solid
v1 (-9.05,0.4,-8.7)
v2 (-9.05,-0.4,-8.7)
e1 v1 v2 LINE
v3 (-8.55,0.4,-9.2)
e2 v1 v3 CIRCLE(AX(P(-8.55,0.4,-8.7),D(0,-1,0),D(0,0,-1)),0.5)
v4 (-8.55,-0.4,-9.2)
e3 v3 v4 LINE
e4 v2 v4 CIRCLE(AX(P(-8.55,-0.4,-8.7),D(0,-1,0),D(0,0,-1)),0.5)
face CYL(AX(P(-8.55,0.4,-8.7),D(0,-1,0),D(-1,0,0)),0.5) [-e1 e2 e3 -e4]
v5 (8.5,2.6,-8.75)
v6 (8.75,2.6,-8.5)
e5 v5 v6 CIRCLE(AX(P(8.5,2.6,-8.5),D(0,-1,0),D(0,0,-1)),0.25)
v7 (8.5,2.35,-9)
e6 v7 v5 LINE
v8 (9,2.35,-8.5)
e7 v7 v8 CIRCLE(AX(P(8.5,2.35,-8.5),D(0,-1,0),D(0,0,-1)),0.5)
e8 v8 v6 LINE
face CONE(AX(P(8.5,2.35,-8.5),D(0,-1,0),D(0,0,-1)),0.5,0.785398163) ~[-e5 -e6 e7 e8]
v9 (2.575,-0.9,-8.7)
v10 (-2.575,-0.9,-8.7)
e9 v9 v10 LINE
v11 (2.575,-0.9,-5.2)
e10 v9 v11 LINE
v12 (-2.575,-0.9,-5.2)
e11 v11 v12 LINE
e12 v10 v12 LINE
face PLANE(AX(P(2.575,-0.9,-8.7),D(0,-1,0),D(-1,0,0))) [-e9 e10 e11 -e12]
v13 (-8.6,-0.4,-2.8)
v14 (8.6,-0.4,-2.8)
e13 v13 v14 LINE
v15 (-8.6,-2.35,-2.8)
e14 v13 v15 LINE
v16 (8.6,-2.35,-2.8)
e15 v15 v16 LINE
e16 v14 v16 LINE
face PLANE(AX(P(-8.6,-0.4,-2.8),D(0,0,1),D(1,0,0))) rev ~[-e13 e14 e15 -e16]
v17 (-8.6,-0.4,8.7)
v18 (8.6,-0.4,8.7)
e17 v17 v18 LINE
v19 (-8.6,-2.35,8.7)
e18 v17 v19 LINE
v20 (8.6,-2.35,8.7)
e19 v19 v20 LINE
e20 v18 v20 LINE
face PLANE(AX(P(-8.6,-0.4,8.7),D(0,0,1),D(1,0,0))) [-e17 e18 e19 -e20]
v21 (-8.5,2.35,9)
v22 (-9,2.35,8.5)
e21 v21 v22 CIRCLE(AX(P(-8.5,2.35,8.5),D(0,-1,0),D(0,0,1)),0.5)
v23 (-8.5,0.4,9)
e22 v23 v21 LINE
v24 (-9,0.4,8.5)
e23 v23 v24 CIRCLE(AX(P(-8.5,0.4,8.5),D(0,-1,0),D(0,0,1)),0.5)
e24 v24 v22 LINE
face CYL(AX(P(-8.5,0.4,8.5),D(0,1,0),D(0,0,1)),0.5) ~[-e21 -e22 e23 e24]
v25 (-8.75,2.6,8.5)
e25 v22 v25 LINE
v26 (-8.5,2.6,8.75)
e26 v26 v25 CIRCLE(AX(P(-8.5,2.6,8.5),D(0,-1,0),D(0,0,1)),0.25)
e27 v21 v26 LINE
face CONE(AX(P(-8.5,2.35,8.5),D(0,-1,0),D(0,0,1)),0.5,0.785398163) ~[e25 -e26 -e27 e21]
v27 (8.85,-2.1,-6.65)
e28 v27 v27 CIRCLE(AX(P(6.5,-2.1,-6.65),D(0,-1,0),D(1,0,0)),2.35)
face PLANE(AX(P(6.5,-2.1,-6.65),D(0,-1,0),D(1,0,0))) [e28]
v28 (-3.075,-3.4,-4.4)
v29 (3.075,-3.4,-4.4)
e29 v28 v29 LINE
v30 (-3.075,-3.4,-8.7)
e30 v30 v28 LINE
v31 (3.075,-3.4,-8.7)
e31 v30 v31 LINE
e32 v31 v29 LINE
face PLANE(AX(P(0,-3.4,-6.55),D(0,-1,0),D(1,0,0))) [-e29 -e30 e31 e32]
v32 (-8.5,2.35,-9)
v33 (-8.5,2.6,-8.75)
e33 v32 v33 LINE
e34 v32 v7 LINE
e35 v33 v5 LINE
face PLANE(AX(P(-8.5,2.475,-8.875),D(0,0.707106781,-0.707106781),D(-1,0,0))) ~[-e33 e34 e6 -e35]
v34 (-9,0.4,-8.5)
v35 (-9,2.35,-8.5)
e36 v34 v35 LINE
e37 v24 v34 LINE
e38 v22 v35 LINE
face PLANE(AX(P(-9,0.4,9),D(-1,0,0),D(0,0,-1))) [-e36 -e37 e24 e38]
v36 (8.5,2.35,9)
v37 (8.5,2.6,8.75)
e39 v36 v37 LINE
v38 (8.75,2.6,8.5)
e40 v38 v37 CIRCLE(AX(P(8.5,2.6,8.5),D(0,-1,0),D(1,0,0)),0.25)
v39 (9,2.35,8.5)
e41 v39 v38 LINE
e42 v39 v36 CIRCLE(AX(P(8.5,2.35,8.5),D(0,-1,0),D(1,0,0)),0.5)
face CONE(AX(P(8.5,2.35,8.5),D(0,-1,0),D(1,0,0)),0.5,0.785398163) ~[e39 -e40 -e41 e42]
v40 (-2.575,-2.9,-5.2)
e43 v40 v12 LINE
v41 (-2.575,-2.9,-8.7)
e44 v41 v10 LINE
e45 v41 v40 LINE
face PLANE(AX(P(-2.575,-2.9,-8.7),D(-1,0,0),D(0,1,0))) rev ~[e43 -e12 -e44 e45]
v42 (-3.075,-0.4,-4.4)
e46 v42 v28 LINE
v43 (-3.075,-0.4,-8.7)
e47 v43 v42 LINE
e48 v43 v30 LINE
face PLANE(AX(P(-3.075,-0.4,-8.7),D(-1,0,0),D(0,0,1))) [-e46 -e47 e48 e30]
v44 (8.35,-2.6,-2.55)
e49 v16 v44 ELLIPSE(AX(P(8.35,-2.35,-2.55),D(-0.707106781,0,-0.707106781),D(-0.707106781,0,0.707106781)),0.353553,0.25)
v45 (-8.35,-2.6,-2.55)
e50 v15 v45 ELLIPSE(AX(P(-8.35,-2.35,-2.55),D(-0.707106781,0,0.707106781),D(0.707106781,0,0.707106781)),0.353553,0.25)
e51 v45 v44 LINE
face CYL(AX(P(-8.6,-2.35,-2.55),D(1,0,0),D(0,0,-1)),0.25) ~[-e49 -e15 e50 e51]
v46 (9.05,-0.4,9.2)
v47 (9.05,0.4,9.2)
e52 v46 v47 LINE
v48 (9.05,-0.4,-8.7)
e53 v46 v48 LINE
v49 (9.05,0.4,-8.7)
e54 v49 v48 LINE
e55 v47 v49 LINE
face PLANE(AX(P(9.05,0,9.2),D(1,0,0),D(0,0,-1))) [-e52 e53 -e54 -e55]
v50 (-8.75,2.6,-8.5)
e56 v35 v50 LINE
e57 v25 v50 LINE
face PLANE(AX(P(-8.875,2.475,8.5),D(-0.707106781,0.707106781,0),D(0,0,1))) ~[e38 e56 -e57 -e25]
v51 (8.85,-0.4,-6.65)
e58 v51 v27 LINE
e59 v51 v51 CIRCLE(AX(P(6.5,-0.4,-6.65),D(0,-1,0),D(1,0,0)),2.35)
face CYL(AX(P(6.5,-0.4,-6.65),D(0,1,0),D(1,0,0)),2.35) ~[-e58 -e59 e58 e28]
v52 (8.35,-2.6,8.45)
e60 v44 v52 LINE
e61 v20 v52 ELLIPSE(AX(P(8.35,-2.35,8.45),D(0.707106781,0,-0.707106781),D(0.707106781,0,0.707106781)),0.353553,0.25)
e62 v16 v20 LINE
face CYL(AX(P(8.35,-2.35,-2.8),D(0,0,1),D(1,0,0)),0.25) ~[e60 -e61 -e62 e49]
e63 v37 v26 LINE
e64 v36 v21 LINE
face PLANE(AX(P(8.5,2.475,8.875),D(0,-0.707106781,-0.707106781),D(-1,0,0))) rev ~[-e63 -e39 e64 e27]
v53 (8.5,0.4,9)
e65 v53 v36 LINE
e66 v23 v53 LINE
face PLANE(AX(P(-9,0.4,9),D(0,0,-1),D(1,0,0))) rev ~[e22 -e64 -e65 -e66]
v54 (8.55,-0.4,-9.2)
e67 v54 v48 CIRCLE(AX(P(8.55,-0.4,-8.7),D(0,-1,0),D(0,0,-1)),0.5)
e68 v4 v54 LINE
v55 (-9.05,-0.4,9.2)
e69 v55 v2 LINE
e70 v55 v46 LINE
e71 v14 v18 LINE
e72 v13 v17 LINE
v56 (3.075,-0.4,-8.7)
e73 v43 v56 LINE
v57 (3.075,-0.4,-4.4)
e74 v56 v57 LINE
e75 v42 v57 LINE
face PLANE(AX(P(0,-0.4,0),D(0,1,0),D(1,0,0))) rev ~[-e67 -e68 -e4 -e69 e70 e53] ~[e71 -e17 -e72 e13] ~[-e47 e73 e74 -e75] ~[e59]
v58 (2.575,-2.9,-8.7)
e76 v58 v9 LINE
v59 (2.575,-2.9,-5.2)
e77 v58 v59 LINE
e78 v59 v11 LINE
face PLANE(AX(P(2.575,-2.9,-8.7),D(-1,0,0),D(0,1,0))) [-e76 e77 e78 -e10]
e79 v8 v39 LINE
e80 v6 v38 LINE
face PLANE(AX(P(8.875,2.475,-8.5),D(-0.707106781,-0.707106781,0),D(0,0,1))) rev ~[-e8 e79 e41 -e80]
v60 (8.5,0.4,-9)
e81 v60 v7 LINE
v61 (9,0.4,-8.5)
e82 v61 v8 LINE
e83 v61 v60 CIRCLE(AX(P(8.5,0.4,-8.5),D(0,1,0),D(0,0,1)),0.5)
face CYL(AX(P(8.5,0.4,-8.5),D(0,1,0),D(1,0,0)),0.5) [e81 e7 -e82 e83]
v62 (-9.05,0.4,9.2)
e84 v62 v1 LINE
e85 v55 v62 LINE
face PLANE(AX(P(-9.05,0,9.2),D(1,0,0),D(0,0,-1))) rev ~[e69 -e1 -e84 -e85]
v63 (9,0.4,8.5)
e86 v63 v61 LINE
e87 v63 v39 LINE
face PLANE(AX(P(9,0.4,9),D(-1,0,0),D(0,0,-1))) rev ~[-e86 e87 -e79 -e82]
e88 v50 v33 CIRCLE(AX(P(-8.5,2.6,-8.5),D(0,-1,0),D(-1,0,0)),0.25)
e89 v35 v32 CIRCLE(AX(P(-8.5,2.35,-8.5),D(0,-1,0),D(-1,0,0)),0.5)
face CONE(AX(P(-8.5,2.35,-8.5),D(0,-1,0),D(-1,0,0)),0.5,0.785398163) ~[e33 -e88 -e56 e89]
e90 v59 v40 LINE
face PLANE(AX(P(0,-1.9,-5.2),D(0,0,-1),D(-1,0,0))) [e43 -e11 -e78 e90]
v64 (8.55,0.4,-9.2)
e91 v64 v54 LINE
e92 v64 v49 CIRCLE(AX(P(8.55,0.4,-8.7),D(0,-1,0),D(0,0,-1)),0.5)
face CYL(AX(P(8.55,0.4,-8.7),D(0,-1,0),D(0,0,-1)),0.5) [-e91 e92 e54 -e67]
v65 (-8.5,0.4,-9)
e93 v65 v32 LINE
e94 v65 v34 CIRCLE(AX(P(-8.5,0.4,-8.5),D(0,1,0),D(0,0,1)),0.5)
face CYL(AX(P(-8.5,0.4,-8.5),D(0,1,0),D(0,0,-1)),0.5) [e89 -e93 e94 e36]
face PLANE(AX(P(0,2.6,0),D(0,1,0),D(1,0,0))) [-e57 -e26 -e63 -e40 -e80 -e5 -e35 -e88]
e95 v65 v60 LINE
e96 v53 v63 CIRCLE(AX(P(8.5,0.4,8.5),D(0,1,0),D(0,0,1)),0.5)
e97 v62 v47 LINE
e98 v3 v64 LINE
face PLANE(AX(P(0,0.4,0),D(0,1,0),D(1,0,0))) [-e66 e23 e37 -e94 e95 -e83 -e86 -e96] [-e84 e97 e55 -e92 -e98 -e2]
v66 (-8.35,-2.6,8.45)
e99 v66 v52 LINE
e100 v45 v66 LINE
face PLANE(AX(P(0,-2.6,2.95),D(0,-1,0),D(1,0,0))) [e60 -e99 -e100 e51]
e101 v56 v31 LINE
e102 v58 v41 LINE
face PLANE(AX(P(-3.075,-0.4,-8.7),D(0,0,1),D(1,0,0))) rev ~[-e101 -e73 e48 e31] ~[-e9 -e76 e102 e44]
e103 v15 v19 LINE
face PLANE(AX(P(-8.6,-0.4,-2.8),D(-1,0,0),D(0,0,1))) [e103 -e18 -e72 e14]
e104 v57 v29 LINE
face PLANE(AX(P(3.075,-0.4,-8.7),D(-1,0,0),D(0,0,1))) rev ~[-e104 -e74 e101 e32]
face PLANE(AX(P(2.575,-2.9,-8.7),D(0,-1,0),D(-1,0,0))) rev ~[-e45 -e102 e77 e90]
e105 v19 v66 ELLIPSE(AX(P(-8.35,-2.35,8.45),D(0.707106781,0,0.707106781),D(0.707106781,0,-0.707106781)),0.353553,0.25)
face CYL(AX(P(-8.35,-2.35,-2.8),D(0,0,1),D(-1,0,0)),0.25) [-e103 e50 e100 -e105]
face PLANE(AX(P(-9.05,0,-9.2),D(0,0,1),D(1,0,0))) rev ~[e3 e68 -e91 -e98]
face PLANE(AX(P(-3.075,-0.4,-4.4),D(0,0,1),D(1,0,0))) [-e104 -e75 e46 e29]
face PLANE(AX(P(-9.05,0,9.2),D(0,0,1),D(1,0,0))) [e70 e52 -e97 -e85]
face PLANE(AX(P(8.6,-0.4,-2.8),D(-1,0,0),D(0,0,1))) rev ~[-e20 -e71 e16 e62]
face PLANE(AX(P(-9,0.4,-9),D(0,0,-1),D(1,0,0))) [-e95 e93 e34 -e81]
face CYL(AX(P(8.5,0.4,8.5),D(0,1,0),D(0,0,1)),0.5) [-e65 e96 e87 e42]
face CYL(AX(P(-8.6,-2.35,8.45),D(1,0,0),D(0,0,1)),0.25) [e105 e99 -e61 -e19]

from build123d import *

# Parameters (mm, degrees)
SKETCH1_W           = 18.1
SKETCH1_H           = 18.4
BOSS_EXTRUDE1_DEPTH = 0.4
SKETCH2_W           = 18
SKETCH2_H           = 18
BOSS_EXTRUDE2_DEPTH = 2.2
SKETCH3_W           = 6.15
SKETCH3_H           = 4.3
BOSS_EXTRUDE3_DEPTH = 3
SKETCH4_W           = 5.15
SKETCH4_H           = 2
CUT_EXTRUDE1_DEPTH  = 3.5
SKETCH5_W           = 17.2
SKETCH5_H           = 11.5
BOSS_EXTRUDE4_DEPTH = 2.2
FILLET1_R           = 0.25
SKETCH6_R           = 2.35
BOSS_EXTRUDE5_DEPTH = 1.7
FILLET2_R           = 0.5
CHAMFER1_SIZE       = 0.25
FILLET3_R           = 0.5


with BuildPart() as part:
    # Sketch1 → Boss-Extrude1 (new body, symmetric)
    with BuildSketch(Plane(origin=(0, 0, 0), x_dir=(1, 0, 0), z_dir=(0, 1, 0))):
        Rectangle(SKETCH1_W, SKETCH1_H)
    extrude(amount=BOSS_EXTRUDE1_DEPTH, both=True)

    # Sketch2 → Boss-Extrude2 (add)
    with BuildSketch(Plane(origin=(0, 0.4, 0), x_dir=(1, 0, 0), z_dir=(0, 1, 0))):
        Rectangle(SKETCH2_W, SKETCH2_H)
    extrude(amount=BOSS_EXTRUDE2_DEPTH)

    # Sketch3 → Boss-Extrude3 (add)
    with BuildSketch(Plane.XZ.offset(0.4)):
        with Locations((0, -6.55)):
            Rectangle(SKETCH3_W, SKETCH3_H)
    extrude(amount=BOSS_EXTRUDE3_DEPTH)

    # Sketch4 → Cut-Extrude1 (cut)
    with BuildSketch(Plane(origin=(0, 0, -8.7), x_dir=(-1, 0, 0), z_dir=(0, 0, -1))):
        with Locations((0, -1.9)):
            Rectangle(SKETCH4_W, SKETCH4_H)
    extrude(amount=-CUT_EXTRUDE1_DEPTH, mode=Mode.SUBTRACT)

    # Sketch5 → Boss-Extrude4 (add)
    with BuildSketch(Plane.XZ.offset(0.4)):
        with Locations((0, 2.95)):
            Rectangle(SKETCH5_W, SKETCH5_H)
    extrude(amount=BOSS_EXTRUDE4_DEPTH)

    # Fillet1
    fillet1_edges = [part.edges().sort_by_distance(p)[0] for p in [
        (8.6, -2.6, 2.95),
        (0, -2.6, 8.7),
        (-8.6, -2.6, 2.95),
        (0, -2.6, -2.8),
    ]]
    fillet(fillet1_edges, radius=FILLET1_R)

    # Sketch6 → Boss-Extrude5 (add)
    with BuildSketch(Plane.XZ.offset(0.4)):
        with Locations((6.5, -6.65)):
            Circle(SKETCH6_R)
    extrude(amount=BOSS_EXTRUDE5_DEPTH)

    # Fillet2
    fillet2_edges = [part.edges().sort_by_distance(p)[0] for p in [
        (-9, 1.5, -9),
        (-9, 1.5, 9),
        (9, 1.5, 9),
        (9, 1.5, -9),
    ]]
    fillet(fillet2_edges, radius=FILLET2_R)

    # Chamfer1
    chamfer1_edges = [part.edges().sort_by_distance(p)[0] for p in [
        (-9, 2.6, 0),
        (0, 2.6, -9),
        (0, 2.6, 9),
        (9, 2.6, 0),
        (8.853553391, 2.6, -8.853553391),
        (8.853553391, 2.6, 8.853553391),
        (-8.853553391, 2.6, 8.853553391),
        (-8.853553391, 2.6, -8.853553391),
    ]]
    chamfer(chamfer1_edges, length=CHAMFER1_SIZE)

    # Fillet3
    fillet3_edges = [part.edges().sort_by_distance(p)[0] for p in [
        (-9.05, 0, -9.2),
        (9.05, 0, -9.2),
    ]]
    fillet(fillet3_edges, radius=FILLET3_R)


solid = part.part
